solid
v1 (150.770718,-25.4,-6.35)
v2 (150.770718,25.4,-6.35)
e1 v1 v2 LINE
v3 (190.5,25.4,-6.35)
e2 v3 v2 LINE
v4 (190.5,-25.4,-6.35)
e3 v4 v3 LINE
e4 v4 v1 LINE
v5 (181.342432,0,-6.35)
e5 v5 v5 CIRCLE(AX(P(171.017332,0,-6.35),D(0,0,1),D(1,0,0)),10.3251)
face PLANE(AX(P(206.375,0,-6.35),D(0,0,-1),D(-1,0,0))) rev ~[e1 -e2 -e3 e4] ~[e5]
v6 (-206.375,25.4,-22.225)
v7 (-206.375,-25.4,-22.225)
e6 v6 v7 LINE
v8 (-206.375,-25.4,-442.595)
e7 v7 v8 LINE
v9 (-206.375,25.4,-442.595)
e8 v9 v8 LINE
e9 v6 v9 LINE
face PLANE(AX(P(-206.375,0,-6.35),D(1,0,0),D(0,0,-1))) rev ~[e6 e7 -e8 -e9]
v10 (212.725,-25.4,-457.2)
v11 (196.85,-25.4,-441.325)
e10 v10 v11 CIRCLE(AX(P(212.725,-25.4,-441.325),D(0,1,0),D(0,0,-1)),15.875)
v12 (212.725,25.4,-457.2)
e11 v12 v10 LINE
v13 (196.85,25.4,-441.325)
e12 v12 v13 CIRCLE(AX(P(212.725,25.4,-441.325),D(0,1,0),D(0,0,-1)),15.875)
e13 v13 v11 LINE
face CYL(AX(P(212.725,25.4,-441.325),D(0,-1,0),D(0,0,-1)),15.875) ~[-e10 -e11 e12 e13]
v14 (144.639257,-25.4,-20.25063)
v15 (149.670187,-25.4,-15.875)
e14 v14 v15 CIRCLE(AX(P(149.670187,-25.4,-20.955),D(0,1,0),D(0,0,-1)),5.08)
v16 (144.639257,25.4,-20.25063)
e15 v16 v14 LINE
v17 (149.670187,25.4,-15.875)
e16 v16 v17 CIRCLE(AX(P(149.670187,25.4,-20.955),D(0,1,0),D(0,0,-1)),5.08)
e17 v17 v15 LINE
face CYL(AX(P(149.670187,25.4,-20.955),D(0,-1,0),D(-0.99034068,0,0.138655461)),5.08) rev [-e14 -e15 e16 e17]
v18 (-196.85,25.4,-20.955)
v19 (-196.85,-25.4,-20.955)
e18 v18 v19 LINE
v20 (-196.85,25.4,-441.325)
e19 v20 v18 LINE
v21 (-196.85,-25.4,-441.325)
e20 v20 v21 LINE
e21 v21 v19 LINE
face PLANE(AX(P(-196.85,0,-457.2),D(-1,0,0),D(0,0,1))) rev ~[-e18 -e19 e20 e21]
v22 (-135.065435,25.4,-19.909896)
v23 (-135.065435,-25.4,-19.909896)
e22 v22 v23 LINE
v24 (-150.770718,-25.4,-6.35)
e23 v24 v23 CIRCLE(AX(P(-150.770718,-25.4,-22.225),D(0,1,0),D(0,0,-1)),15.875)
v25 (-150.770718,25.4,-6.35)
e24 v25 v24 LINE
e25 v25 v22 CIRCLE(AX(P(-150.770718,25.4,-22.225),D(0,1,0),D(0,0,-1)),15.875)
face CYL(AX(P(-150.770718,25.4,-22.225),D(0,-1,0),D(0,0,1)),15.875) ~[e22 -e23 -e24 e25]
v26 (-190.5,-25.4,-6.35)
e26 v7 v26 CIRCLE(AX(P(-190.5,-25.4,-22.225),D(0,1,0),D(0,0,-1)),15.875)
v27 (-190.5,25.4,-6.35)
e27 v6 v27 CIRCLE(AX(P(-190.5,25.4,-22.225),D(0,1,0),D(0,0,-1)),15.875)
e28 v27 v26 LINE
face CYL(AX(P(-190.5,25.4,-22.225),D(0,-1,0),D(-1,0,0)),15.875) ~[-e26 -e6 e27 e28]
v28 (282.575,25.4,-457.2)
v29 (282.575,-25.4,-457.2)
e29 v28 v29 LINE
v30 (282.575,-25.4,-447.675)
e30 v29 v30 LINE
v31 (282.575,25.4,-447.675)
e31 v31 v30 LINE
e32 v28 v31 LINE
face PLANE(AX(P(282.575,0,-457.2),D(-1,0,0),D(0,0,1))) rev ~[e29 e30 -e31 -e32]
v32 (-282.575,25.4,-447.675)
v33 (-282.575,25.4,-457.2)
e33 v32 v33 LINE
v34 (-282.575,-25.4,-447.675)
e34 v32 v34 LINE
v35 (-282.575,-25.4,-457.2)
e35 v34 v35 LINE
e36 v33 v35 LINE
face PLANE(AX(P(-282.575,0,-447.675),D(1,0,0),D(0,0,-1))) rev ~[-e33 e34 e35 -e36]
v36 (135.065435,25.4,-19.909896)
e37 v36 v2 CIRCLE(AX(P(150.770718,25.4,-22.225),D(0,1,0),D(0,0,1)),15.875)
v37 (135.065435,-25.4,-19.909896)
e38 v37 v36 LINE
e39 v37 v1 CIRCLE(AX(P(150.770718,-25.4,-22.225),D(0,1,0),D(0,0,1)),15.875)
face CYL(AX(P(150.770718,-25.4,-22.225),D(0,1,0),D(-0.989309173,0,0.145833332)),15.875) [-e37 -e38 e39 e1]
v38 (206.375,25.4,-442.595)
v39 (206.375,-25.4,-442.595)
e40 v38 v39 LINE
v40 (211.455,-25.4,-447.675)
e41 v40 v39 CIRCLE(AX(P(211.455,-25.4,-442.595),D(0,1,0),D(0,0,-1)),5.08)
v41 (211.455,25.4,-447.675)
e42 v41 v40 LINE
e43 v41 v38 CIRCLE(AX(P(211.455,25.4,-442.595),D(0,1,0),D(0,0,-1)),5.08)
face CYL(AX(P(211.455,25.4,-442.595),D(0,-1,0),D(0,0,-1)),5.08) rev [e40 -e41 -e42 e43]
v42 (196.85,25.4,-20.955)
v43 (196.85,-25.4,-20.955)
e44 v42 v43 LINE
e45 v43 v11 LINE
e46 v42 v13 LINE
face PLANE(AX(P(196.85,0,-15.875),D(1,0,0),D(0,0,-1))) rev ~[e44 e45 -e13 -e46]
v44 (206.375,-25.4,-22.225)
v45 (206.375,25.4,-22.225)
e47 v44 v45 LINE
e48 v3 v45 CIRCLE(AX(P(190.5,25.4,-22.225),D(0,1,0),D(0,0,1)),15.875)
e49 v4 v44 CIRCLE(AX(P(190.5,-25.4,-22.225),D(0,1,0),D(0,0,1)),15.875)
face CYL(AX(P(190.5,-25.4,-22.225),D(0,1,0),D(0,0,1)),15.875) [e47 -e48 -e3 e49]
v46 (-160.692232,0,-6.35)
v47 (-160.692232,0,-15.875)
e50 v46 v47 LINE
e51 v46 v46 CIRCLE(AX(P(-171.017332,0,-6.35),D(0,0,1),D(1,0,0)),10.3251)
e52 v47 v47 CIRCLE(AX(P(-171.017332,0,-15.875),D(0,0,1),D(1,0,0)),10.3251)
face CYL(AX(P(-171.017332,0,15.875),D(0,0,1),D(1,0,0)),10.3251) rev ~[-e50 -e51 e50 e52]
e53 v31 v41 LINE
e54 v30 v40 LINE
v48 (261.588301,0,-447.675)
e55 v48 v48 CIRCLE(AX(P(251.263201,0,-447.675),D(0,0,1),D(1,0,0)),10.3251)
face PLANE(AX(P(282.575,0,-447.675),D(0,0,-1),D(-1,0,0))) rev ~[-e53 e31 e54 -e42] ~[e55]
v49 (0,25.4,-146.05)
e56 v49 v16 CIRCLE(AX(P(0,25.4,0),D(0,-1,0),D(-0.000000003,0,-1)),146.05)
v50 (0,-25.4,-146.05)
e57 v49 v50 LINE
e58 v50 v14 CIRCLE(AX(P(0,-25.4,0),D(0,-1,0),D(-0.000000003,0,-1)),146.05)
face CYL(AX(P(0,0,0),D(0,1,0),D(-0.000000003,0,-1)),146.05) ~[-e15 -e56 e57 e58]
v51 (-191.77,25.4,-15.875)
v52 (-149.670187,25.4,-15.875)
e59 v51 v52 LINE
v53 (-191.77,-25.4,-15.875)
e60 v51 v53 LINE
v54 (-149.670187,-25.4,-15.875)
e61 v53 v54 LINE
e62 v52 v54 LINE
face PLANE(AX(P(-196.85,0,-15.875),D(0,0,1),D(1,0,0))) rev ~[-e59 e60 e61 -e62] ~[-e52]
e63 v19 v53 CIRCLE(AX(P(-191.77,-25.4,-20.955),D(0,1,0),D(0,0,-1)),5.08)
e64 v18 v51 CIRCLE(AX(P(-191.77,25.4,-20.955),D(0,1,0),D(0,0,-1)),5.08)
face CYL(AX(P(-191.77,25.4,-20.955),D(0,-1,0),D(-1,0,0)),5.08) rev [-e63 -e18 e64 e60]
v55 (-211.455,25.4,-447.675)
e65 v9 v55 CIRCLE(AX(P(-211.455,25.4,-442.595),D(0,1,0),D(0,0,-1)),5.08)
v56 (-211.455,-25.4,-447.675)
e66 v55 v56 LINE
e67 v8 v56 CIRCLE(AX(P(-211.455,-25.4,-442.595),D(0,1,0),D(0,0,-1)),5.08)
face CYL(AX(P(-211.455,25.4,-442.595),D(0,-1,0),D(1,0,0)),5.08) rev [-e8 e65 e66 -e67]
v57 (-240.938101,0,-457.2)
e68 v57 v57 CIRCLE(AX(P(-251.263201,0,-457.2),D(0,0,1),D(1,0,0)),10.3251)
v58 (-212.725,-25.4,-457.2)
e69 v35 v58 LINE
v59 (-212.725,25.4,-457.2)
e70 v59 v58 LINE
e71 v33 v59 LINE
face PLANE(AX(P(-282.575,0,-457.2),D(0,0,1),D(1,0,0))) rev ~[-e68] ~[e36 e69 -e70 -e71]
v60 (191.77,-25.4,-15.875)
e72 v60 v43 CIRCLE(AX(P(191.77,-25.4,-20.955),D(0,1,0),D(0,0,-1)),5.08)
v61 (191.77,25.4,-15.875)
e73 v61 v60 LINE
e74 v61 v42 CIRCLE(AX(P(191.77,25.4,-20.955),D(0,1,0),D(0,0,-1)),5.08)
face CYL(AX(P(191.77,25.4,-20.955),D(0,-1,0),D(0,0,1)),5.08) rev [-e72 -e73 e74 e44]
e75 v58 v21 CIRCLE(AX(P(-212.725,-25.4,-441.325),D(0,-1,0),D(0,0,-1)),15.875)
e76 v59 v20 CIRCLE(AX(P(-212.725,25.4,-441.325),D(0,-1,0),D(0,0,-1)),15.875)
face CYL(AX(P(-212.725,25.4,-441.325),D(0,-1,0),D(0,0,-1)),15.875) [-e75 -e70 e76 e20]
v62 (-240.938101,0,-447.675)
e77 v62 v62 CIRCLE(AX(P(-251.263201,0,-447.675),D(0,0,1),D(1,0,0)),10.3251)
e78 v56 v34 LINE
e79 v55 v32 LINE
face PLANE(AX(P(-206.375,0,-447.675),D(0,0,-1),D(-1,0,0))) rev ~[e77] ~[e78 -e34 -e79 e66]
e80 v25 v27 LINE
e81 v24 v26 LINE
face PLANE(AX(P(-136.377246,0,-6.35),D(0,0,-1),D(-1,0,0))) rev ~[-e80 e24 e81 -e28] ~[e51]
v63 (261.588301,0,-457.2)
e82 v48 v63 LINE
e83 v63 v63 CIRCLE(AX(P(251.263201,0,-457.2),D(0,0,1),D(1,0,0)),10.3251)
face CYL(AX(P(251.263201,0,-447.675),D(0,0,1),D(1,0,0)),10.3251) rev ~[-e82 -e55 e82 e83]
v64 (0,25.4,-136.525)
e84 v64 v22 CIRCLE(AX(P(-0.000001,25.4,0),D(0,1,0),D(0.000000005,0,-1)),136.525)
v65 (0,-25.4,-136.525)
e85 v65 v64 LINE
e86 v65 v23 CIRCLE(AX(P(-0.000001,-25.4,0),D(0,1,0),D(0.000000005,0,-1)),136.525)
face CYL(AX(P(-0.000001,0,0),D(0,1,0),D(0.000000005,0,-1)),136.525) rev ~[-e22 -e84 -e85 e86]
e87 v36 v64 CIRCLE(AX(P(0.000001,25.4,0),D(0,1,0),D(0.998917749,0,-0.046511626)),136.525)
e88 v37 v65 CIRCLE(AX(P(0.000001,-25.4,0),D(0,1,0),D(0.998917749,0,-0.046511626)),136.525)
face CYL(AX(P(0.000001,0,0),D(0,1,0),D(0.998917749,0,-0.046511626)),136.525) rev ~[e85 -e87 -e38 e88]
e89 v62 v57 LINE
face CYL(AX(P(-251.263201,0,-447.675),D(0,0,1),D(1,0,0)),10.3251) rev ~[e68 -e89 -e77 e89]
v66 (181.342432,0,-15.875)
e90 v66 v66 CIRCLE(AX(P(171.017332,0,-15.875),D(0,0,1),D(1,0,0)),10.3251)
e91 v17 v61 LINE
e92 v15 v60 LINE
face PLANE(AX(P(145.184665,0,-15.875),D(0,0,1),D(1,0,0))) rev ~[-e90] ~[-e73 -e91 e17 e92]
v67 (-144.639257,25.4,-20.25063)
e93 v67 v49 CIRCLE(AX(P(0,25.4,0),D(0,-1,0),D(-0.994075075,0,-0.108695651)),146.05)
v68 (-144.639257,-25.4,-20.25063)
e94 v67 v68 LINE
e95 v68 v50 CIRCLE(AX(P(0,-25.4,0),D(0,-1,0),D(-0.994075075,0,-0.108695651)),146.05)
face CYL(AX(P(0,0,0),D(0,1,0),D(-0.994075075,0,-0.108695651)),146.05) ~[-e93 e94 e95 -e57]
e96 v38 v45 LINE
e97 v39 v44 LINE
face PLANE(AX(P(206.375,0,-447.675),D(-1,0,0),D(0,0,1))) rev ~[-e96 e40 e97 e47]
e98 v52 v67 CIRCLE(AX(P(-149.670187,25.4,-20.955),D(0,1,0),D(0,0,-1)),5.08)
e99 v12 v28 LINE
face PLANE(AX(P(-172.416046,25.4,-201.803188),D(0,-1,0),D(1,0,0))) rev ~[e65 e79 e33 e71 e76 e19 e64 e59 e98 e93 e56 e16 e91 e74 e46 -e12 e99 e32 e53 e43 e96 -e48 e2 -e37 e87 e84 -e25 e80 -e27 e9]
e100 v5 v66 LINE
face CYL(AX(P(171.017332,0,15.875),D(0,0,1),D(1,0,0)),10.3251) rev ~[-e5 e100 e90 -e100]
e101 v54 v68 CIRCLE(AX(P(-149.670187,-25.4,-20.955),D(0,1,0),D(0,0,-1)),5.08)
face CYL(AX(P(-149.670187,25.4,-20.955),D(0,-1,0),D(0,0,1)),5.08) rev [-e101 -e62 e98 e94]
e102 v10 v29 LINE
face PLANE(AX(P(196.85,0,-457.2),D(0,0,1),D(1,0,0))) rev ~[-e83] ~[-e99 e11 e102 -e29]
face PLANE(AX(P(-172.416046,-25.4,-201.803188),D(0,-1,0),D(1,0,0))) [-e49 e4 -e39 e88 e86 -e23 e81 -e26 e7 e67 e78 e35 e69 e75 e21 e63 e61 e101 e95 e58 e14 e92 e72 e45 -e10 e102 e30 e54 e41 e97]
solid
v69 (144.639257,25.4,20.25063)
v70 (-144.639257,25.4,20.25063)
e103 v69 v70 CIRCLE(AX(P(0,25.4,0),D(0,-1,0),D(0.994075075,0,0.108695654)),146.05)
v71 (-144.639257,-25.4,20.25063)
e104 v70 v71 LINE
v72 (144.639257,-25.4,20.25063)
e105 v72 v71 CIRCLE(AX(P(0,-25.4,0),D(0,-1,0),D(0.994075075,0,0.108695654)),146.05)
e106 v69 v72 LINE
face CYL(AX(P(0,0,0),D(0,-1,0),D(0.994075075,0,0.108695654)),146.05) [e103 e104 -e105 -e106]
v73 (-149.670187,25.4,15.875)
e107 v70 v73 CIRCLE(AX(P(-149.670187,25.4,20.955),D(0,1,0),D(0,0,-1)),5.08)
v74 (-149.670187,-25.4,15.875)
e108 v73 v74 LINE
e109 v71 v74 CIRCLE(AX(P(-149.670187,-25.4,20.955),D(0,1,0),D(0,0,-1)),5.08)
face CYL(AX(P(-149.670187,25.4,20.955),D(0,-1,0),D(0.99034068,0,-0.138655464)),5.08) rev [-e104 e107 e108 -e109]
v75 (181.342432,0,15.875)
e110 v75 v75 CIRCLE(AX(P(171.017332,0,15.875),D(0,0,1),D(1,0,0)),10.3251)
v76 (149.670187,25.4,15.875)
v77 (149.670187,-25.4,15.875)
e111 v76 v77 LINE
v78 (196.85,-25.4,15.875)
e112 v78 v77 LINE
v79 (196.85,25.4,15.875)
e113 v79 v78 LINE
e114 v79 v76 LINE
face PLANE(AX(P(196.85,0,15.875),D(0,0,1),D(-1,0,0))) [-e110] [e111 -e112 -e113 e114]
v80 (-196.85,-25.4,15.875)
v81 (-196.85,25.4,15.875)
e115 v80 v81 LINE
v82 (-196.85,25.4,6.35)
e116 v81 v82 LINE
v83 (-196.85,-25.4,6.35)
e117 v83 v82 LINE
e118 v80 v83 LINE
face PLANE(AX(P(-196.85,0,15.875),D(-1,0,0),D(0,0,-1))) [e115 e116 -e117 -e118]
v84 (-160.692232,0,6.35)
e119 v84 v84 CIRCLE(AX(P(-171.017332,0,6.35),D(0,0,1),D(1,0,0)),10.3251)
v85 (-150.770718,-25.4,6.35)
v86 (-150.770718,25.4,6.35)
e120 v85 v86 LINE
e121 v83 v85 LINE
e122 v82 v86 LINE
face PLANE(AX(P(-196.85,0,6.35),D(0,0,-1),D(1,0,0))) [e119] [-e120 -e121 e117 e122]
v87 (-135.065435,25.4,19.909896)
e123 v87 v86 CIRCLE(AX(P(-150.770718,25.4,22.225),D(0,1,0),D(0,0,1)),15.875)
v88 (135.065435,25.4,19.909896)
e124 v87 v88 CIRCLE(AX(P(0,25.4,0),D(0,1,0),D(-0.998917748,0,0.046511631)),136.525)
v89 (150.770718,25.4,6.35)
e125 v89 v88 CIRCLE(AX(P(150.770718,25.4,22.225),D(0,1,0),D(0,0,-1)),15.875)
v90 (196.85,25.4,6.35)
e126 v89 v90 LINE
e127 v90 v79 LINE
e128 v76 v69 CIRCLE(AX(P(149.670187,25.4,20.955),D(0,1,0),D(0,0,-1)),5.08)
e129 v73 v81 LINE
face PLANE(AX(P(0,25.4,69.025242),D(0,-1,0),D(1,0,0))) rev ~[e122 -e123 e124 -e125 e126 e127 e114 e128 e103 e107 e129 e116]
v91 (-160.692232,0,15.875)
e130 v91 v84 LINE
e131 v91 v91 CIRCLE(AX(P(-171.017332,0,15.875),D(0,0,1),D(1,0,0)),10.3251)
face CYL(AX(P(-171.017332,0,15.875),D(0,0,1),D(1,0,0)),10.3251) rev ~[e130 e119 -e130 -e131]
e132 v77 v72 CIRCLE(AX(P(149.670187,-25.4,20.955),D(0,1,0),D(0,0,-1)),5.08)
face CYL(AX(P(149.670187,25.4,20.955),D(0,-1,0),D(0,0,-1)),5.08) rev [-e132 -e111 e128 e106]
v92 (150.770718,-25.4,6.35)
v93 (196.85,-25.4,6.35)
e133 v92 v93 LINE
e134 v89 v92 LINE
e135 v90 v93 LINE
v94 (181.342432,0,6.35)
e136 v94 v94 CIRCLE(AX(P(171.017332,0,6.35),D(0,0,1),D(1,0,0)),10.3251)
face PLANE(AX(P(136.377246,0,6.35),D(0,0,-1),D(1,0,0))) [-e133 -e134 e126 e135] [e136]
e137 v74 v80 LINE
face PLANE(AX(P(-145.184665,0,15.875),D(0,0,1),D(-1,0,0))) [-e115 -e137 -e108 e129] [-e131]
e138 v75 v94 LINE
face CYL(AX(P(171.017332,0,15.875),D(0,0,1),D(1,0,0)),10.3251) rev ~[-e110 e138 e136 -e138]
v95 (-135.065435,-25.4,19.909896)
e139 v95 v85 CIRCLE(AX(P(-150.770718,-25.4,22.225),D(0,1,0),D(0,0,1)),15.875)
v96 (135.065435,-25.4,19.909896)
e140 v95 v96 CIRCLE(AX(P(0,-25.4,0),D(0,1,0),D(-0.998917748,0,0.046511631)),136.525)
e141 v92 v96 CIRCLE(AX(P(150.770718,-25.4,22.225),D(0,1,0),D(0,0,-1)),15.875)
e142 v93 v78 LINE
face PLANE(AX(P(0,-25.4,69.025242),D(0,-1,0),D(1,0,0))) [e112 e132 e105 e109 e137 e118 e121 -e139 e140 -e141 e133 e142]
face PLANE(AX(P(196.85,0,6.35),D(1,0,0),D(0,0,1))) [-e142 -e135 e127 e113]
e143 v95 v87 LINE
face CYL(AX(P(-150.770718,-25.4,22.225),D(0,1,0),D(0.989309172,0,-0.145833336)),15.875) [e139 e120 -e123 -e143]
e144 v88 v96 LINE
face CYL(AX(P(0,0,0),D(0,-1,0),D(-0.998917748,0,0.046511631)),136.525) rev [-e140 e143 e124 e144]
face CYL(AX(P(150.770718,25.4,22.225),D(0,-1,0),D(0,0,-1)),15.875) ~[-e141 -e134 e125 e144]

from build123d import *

# Parameters (mm, degrees)
F1_DEPTH = 25.4
F2_R     = 10.3251
F3_DEPTH = 473.076
F4_R     = 10.3251
F5_DEPTH = 25.4
F6_R     = 5.08
F7_R     = 15.875


with BuildPart() as f1:
    # F0 (on Front) → F1 (new body, symmetric)
    with BuildSketch(Plane.XZ):
        with BuildLine():
            ThreePointArc((0, -136.525), (-94.265959, -98.757302), (-136.377246, -6.35))
            Line((-136.377246, -6.35), (-196.85, -6.35))
            Line((-196.85, -6.35), (-206.375, -6.35))
            Line((-206.375, -6.35), (-206.375, -447.675))
            Line((-206.375, -447.675), (-282.575, -447.675))
            Line((-282.575, -447.675), (-282.575, -457.2))
            Line((-282.575, -457.2), (-196.85, -457.2))
            Line((-196.85, -457.2), (-196.85, -15.875))
            Line((-196.85, -15.875), (-145.184665, -15.875))
            ThreePointArc((-145.184665, -15.875), (-97.498869, -108.740853), (0, -146.05))
            Line((0, -146.05), (0, -136.525))
        make_face()
        with BuildLine():
            ThreePointArc((-136.377246, 6.35), (0, 136.525), (136.377246, 6.35))
            Line((136.377246, 6.35), (196.85, 6.35))
            Line((196.85, 6.35), (196.85, 15.875))
            Line((196.85, 15.875), (145.184665, 15.875))
            ThreePointArc((145.184665, 15.875), (0, 146.05), (-145.184665, 15.875))
            Line((-145.184665, 15.875), (-196.85, 15.875))
            Line((-196.85, 15.875), (-196.85, 6.35))
            Line((-196.85, 6.35), (-136.377246, 6.35))
        make_face()
        with BuildLine():
            ThreePointArc((136.377246, -6.35), (94.265959, -98.757302), (0, -136.525))
            Line((0, -136.525), (0, -146.05))
            ThreePointArc((0, -146.05), (97.498869, -108.740853), (145.184665, -15.875))
            Line((145.184665, -15.875), (196.85, -15.875))
            Line((196.85, -15.875), (196.85, -6.35))
            Line((196.85, -6.35), (136.377246, -6.35))
        make_face()
        Polygon((206.375, -6.35), (196.85, -6.35), (196.85, -15.875), (196.85, -457.2), (282.575, -457.2), (282.575, -447.675), (206.375, -447.675), align=None)
    extrude(amount=F1_DEPTH, both=True)

    # F2 (on face) → F3 (cut, through all)
    with BuildSketch(Plane.XY.offset(15.875)):
        with Locations((-171.017332, 0)):
            Circle(F2_R)
        with Locations((171.017332, 0)):
            Circle(F2_R)
    extrude(amount=-F3_DEPTH, mode=Mode.SUBTRACT)

    # F4 (on face) → F5 (cut)
    with BuildSketch(Plane.XY.offset(-447.675)):
        with Locations((-251.263201, 0)):
            Circle(F4_R)
        with Locations((251.263201, 0)):
            Circle(F4_R)
    extrude(amount=-F5_DEPTH, mode=Mode.SUBTRACT)

    # F6
    f6_edges = [f1.edges().sort_by_distance(p)[0] for p in [
        (-206.375, 0, -447.675),
        (-145.184665, 0, 15.875),
        (145.184665, 0, 15.875),
        (206.375, 0, -447.675),
        (196.85, 0, -15.875),
        (145.184665, 0, -15.875),
        (-196.85, 0, -15.875),
        (-145.184665, 0, -15.875),
    ]]
    fillet(f6_edges, radius=F6_R)

    # F7
    f7_edges = [f1.edges().sort_by_distance(p)[0] for p in [
        (-136.377246, 0, -6.35),
        (-206.375, 0, -6.35),
        (-136.377246, 0, 6.35),
        (206.375, 0, -6.35),
        (136.377246, 0, -6.35),
        (136.377246, 0, 6.35),
        (-196.85, 0, -457.2),
        (196.85, 0, -457.2),
    ]]
    fillet(f7_edges, radius=F7_R)


solid = f1.part
